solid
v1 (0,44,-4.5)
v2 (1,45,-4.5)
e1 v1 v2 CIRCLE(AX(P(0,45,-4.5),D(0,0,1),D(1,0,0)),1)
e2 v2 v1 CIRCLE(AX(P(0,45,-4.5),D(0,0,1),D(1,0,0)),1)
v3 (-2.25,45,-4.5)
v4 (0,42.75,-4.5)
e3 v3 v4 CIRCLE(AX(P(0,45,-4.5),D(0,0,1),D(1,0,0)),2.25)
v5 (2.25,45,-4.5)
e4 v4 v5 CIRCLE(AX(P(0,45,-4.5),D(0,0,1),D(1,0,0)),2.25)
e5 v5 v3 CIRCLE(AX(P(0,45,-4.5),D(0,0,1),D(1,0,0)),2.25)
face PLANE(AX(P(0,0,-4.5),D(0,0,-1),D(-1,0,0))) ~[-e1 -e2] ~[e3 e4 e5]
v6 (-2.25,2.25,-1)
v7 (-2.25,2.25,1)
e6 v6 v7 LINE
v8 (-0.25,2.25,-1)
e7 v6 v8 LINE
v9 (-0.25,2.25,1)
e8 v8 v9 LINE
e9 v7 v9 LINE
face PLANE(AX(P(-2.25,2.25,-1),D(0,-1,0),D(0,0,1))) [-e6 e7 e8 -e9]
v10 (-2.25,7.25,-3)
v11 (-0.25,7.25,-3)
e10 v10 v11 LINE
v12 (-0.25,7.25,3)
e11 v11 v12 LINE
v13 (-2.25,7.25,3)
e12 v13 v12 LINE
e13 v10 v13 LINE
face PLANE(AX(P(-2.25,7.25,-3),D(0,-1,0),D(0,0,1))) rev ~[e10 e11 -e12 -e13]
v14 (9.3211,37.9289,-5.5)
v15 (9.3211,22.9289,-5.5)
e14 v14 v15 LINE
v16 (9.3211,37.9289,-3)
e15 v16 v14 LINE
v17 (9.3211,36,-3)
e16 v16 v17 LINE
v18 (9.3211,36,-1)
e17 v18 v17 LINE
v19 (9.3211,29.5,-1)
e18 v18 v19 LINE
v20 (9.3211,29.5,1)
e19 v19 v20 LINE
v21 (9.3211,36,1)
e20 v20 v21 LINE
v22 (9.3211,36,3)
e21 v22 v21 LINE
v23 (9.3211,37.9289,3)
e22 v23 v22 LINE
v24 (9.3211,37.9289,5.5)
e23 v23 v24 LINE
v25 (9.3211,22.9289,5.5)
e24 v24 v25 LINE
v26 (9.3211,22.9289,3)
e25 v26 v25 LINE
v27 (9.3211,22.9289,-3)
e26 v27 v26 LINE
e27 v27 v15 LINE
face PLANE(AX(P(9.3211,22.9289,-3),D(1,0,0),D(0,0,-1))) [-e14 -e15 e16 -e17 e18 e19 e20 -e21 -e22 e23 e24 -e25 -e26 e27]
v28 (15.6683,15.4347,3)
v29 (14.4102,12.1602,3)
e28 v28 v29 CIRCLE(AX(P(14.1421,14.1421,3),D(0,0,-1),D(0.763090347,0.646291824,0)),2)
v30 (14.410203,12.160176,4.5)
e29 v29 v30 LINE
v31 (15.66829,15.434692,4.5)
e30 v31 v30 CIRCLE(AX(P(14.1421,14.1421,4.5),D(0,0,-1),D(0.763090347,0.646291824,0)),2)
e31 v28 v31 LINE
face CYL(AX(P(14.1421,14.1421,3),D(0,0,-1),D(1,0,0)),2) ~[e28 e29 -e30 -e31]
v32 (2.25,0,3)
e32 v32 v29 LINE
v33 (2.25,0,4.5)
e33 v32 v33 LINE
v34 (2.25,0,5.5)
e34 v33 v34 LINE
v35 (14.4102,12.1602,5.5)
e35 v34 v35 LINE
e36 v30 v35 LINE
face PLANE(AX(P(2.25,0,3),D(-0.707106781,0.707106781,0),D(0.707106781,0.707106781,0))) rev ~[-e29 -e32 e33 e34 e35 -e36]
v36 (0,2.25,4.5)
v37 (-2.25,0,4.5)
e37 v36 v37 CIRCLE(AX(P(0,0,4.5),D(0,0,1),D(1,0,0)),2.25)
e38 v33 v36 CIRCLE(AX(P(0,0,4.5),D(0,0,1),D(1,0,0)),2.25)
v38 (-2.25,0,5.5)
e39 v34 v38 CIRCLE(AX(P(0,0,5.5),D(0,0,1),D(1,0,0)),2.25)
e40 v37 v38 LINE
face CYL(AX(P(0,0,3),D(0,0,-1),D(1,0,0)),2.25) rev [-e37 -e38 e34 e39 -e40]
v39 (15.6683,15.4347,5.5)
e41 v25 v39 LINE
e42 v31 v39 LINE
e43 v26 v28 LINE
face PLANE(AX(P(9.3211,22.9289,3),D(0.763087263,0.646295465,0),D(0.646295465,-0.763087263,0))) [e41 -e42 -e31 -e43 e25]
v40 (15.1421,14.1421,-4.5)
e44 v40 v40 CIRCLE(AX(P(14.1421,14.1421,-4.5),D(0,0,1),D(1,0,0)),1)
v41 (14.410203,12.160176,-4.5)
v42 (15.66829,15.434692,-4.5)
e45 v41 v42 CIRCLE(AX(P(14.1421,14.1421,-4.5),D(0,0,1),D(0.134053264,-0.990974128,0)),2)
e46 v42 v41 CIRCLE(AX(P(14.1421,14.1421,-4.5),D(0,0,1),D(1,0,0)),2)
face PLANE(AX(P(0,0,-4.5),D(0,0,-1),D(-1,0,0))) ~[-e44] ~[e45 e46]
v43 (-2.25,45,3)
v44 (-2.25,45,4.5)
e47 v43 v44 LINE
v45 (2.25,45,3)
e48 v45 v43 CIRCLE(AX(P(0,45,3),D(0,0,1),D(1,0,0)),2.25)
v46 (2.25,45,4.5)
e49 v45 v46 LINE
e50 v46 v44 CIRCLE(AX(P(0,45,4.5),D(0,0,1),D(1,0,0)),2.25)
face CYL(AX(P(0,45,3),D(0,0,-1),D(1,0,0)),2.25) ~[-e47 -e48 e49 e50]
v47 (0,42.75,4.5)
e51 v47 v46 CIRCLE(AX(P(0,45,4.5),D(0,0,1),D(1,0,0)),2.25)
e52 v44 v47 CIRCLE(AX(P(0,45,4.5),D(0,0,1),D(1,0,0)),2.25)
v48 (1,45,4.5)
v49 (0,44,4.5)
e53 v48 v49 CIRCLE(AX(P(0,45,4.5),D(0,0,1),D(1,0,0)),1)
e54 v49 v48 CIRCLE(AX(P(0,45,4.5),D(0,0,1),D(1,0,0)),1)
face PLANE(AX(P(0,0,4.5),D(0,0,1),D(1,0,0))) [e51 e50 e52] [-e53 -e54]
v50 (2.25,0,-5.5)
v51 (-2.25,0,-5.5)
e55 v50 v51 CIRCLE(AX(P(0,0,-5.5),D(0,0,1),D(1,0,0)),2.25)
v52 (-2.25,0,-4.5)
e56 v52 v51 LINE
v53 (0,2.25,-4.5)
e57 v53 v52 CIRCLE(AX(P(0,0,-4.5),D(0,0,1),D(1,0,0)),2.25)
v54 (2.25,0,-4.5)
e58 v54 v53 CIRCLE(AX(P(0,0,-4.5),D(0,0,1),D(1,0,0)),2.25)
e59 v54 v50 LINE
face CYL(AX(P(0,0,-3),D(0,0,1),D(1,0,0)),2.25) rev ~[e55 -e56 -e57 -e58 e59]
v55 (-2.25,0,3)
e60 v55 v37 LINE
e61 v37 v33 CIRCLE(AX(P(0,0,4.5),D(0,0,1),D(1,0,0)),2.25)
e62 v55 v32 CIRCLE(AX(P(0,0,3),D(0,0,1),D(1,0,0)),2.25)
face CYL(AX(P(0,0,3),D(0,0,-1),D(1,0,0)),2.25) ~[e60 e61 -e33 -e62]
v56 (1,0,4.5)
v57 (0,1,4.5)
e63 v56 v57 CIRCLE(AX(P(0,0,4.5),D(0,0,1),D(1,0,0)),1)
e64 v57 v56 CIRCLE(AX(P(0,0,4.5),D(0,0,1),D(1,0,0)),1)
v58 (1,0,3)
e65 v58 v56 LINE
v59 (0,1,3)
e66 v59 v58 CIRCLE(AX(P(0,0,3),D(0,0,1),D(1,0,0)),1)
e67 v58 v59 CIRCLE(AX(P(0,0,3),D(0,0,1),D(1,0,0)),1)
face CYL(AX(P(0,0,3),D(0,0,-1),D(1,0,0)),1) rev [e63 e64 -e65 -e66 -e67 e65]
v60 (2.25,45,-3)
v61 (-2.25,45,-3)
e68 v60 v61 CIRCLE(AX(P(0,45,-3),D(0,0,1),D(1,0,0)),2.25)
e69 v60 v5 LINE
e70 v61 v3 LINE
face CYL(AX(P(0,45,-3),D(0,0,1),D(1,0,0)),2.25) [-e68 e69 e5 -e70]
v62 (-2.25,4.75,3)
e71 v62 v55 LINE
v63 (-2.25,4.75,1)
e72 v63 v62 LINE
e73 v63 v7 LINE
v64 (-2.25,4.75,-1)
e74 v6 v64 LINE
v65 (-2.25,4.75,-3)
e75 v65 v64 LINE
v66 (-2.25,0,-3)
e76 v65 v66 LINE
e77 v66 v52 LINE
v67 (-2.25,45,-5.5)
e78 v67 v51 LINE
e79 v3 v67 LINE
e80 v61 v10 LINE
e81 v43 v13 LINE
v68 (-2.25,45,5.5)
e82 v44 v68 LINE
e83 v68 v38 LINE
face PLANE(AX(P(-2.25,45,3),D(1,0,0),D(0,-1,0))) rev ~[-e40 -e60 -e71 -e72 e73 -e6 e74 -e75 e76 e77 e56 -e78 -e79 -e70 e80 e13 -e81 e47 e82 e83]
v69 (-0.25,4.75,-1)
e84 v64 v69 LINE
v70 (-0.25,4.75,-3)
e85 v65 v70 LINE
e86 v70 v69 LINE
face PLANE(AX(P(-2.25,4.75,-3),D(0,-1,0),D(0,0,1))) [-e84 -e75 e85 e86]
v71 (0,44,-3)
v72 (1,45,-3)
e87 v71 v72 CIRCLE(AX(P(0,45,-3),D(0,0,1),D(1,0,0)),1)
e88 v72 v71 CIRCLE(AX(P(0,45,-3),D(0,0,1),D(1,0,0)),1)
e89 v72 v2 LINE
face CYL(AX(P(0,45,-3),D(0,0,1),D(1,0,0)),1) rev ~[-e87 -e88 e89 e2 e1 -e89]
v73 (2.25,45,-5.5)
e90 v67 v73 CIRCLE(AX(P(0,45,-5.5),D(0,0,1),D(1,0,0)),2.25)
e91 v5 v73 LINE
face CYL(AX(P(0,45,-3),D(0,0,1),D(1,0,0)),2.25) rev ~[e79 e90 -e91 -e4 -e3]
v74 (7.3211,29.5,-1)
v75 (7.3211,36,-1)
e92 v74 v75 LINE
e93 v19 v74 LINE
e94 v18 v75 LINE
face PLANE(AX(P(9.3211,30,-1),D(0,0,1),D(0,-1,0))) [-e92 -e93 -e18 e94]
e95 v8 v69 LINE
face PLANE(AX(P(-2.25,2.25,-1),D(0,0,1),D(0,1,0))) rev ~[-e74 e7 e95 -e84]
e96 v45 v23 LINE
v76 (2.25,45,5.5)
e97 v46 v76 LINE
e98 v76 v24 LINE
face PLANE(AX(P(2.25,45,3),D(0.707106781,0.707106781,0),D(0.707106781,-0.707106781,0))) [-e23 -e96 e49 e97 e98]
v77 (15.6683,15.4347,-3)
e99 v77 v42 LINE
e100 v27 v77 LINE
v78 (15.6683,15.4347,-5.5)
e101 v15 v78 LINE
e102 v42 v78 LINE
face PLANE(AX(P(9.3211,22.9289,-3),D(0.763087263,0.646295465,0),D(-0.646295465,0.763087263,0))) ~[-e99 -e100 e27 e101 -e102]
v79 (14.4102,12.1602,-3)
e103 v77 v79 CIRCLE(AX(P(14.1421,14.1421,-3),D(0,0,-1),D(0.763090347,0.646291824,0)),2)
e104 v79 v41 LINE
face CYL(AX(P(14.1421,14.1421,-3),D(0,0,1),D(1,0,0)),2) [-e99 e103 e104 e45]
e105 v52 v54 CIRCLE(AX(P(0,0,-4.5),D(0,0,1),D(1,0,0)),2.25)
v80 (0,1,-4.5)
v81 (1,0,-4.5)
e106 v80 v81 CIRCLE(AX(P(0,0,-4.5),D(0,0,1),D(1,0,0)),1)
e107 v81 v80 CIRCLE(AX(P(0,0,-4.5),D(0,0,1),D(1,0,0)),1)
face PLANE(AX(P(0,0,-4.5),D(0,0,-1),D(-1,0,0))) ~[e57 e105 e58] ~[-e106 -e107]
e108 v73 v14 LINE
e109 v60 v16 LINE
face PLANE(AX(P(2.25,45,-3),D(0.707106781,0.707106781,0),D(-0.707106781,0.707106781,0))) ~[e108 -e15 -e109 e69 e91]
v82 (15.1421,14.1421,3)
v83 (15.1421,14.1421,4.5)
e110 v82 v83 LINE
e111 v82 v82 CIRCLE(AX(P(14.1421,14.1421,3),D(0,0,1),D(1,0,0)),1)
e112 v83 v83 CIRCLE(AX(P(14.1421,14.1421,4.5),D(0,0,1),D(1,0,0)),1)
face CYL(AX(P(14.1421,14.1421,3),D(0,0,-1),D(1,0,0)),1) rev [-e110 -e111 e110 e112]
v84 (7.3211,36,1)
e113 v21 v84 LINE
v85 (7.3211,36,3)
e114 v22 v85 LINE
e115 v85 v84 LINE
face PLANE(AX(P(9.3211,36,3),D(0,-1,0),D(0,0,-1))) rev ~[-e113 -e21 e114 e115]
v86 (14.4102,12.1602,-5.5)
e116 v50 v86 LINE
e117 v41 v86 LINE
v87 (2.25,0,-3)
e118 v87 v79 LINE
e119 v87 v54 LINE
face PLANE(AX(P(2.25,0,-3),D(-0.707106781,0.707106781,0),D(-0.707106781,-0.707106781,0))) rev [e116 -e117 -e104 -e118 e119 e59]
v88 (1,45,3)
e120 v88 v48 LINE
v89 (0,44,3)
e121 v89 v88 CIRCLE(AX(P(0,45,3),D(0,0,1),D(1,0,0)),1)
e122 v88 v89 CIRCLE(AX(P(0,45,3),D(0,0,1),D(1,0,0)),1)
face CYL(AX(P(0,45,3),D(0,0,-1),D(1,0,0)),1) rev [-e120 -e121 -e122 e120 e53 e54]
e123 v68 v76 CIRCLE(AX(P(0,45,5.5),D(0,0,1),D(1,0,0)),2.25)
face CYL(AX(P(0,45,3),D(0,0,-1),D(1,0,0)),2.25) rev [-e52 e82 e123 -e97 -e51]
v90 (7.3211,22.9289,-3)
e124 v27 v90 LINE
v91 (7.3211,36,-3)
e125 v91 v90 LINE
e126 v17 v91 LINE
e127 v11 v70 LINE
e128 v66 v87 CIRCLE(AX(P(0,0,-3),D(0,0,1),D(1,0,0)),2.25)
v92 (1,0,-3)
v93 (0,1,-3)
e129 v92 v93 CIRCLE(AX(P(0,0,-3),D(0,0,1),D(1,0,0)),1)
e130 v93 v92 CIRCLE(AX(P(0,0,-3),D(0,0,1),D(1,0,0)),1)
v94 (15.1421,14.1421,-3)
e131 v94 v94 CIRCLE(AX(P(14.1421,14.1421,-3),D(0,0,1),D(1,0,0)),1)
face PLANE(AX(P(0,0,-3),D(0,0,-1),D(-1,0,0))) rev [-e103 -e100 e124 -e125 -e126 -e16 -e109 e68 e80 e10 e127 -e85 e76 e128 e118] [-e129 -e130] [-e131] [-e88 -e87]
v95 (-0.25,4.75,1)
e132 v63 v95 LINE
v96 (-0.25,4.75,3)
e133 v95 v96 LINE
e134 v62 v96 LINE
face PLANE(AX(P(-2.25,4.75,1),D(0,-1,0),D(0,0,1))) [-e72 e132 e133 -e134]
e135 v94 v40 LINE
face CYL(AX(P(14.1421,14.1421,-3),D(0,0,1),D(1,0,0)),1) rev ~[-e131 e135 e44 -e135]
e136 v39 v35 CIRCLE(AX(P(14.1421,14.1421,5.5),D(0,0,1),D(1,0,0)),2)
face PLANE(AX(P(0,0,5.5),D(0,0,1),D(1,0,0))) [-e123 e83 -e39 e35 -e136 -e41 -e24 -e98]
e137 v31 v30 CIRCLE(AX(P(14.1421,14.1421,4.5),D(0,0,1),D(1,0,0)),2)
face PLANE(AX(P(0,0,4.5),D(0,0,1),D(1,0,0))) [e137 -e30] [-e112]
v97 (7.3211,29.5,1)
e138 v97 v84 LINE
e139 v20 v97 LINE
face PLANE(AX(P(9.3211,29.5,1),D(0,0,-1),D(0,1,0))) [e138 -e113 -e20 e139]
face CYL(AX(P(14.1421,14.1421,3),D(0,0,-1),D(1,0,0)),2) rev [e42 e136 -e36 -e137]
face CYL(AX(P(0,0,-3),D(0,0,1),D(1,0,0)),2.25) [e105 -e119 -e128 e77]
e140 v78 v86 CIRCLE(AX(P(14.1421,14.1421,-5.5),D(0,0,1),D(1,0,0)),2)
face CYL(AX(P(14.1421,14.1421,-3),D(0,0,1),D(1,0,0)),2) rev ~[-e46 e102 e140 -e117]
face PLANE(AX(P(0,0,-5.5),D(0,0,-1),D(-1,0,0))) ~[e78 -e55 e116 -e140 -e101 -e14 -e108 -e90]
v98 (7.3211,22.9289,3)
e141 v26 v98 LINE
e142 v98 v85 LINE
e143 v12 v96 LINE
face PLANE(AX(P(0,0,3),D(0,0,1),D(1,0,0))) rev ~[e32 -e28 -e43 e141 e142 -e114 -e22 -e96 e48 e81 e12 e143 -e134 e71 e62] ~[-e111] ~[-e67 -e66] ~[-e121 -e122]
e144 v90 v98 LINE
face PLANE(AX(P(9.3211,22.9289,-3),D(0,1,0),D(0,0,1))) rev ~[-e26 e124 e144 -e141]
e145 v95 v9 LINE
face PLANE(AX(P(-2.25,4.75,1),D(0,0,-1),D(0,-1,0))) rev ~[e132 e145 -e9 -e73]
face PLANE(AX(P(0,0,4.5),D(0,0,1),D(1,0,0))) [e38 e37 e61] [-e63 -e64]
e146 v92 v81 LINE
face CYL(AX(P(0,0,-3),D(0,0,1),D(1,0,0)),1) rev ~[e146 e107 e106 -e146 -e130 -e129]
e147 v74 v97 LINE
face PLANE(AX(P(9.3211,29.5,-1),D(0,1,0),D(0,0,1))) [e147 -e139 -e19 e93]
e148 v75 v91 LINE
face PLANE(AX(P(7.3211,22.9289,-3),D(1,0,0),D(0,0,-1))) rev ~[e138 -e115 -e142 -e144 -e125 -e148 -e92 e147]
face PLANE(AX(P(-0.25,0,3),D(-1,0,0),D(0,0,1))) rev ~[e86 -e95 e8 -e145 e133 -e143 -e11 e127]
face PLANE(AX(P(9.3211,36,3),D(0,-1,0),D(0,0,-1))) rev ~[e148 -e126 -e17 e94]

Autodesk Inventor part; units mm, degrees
ref_plane "YZ Plane" through (0, 0, 0) normal (1, 0, 0) x (0, 1, 0)
ref_plane "XZ Plane" through (0, 0, 0) normal (0, 1, 0) x (-1, 0, 0)
sketch "Sketch1" plane through (0, 0, 0) normal (0, 0, 1) x (1, 0, 0)
  line L0 (0, 0) -> (0, 45)
  line L1 (0, 0) -> (14.1421, 14.1421)
  line L2 (0, 0) -> (20, 0) construction
  line L3 (14.1421, 14.1421) -> (0, 14.1421)
  circle A0 centre (0, 0) radius 1
  circle A1 centre (14.1421, 14.1421) radius 1
  circle A2 centre (0, 45) radius 1
  circle A3 centre (0, 0) radius 2.25
  circle A4 centre (0, 45) radius 2.25
  dimension "d0" = 45
  dimension "d1" = 20
  dimension "d2" = 45
  dimension "d3" = 2
  dimension "d4" = 2
  dimension "d5" = 2
  dimension "d6" = 4.5
  dimension "d10" = 4.5
ref_plane "Work Plane1" through (0, 0, 3) normal (0, 0, 1) x (1, 0, 0)
sketch "Sketch2" plane through (0, 0, 3) normal (0, 0, 1) x (1, 0, 0)
  circle A0 centre (0, 0) radius 1 projected
  circle A1 centre (0, 0) radius 2.25 projected
  circle A2 centre (14.1421, 14.1421) radius 1 projected
  circle A3 centre (0, 45) radius 1 projected
  circle A4 centre (0, 45) radius 2.25 projected
  line L0 (0, 0) -> (0, 45) projected
extrude "Extrusion1" add sketch "Sketch2" along normal blind 1.5 contours A1
sketch "Sketch3" plane through (0, 0, 3) normal (0, 0, 1) x (1, 0, 0)
  point P0 (0, 0)
extrude "Extrusion2" add sketch "Sketch2" along normal blind 1.5 contours A4
sketch "Sketch4" plane through (0, 0, 3) normal (0, 0, 1) x (1, 0, 0)
  circle A0 centre (0, 0) radius 2.25 projected
  line L0 (-2.25, 0) -> (-2.25, 45)
  circle A1 centre (0, 45) radius 2.25 projected
  line L1 (2.25, 45) -> (9.3211, 37.9289)
  line L2 (2.25, 45) -> (12.25, 45) construction
  line L3 (9.3211, 37.9289) -> (9.3211, 22.9289)
  dimension "d13" = 10
  dimension "d14" = 45
  dimension "d15" = 15
sketch "Sketch5" plane through (0, 0, 3) normal (0, 0, 1) x (1, 0, 0)
  circle A0 centre (14.1421, 14.1421) radius 1 projected
  circle A1 centre (14.1421, 14.1421) radius 2
  point P0 (0, 0)
  dimension "d16" = 4
extrude "Extrusion3" add sketch "Sketch5" along normal blind 1.5
sketch "Sketch6" plane through (0, 0, 3) normal (0, 0, 1) x (1, 0, 0)
  circle A0 centre (0, 45) radius 2.25 projected
  line L0 (2.25, 45) -> (9.3211, 37.9289)
  line L1 (2.25, 45) -> (12.25, 45) construction
  line L2 (9.3211, 37.9289) -> (9.3211, 22.9289)
  line L3 (9.3211, 22.9289) -> (15.6683, 15.4347)
  circle A1 centre (14.1421, 14.1421) radius 2 projected
  line L4 (-2.25, 45) -> (-2.25, 0)
  circle A2 centre (0, 0) radius 2.25 projected
  circle A3 centre (14.1421, 14.1421) radius 2 projected
  circle A4 centre (14.1421, 14.1421) radius 1 projected
  line L5 (2.25, 0) -> (14.4102, 12.1602)
  line L6 (2.25, 0) -> (19.4471, 0) construction
  arc A5 (-2.25, 45) -> (2.25, 45) centre (0, 45) ccw
  line L7 (2.25, 45) -> (9.3211, 37.9289)
  line L8 (9.3211, 22.9289) -> (9.3211, 37.9289)
  line L9 (9.3211, 22.9289) -> (15.6683, 15.4347)
  line L10 (14.4102, 12.1602) -> (2.25, 0)
  circle A6 centre (14.1421, 14.1421) radius 2
  circle A7 centre (0, 0) radius 2.25
  line L11 (-2.25, 0) -> (-2.25, 45)
  circle A8 centre (0, 45) radius 2.25
  arc A9 (-2.25, 45) -> (2.25, 45) centre (0, 45) ccw
  arc A10 (15.6683, 15.4347) -> (14.4102, 12.1602) centre (14.1421, 14.1421) ccw
  arc A11 (2.25, 0) -> (-2.25, 0) centre (0, 0) ccw
  dimension "d19" = 10
  dimension "d20" = 45
  dimension "d21" = 15
  dimension "d22" = 45
extrude "Extrusion4" add sketch "Sketch6" along normal blind 2.5 contours L0 L2 L3 A1 L5 A2 L4 A0
mirror "Mirror1" about plane through (0, 0, 0) normal (0, 0, 1) of "Extrusion4"
mirror "Mirror2" about plane through (0, 0, 0) normal (0, 0, 1) of "Extrusion2", "Extrusion3", "Extrusion1"
sketch "Sketch7" plane through (-2.25, 0, -5.5) normal (-1, 0, 0) x (0, 0, 1)
  point P0 (5.5, 0)
sketch "Sketch9" plane through (9.3211, 22.9289, -3) normal (1, 0, 0) x (0, 0, -1)
  line L0 (-6, 13.0711) -> (0, 13.0711)
  line L1 (0, 13.0711) -> (0, 0)
  line L2 (0, 0) -> (-6, 0)
  line L3 (-6, 0) -> (-6, 13.0711)
  point P0 (-3, -22.9289)
extrude "Extrusion6" add sketch "Sketch9" against normal blind 2
sketch "Sketch12" plane through (9.3211, 22.9289, 5.5) normal (1, 0, 0) x (0, 0, -1)
  line L0 (8.5, 13.0711) -> (2.5, 13.0711) projected
  line L1 (6.5, 7.0711) -> (6.5, -16.9289) projected
  line L2 (4.5, 13.0711) -> (6.5, 13.0711)
  line L3 (6.5, 13.0711) -> (6.5, 6.5711)
  line L4 (6.5, 6.5711) -> (4.5, 6.5711)
  line L5 (4.5, 6.5711) -> (4.5, 13.0711)
  point P0 (5.5, -22.9289)
  point P1 (5.5, 13.0711)
  dimension "d50" = 6.5
extrude "Extrusion9" cut sketch "Sketch12" against normal blind 3
sketch "Sketch14" plane through (-2.25, 0, 3) normal (-1, 0, 0) x (0, 0, 1)
  line L0 (0, 45) -> (0, 0) projected
  line L1 (-6, 45) -> (-6, 0) projected
  line L2 (-6, 2.25) -> (0, 2.25)
  line L3 (-7.5, 0) -> (-7.5, 2.25) projected
  line L4 (-6, 2.25) -> (-6, 7.25)
  line L5 (-6, 7.25) -> (0, 7.25)
  line L6 (0, 0) -> (0, 12.1602) projected
  line L7 (-6, 4.75) -> (0, 4.75)
  line L8 (-2, 2.25) -> (-4, 2.25)
  line L9 (-4, 2.25) -> (-4, 4.75)
  line L10 (-4, 4.75) -> (-2, 4.75)
  line L11 (-2, 4.75) -> (-2, 2.25)
  line L12 (-6, 7.25) -> (0, 7.25)
  line L13 (0, 7.25) -> (0, 4.75)
  line L14 (0, 4.75) -> (-6, 4.75)
  line L15 (-6, 4.75) -> (-6, 7.25)
  line L16 (-4, 4.75) -> (-2, 4.75)
  line L17 (-2, 4.75) -> (-2, 2.25)
  line L18 (-2, 2.25) -> (-4, 2.25)
  line L19 (-4, 2.25) -> (-4, 4.75)
  point P0 (-3, 0)
  point P1 (-3, 2.25)
  dimension "d53" = 5
  dimension "d54" = 2
extrude "Extrusion10" add sketch "Sketch14" against normal blind 2 contours L0 L7 L1 L5 | L11 L2 L9 L7
ref_plane "Work Plane2" through (0, 0, 0) normal (0, 0, 1) x (1, 0, 0)
properties part number "Finger_Lower_main_1"
